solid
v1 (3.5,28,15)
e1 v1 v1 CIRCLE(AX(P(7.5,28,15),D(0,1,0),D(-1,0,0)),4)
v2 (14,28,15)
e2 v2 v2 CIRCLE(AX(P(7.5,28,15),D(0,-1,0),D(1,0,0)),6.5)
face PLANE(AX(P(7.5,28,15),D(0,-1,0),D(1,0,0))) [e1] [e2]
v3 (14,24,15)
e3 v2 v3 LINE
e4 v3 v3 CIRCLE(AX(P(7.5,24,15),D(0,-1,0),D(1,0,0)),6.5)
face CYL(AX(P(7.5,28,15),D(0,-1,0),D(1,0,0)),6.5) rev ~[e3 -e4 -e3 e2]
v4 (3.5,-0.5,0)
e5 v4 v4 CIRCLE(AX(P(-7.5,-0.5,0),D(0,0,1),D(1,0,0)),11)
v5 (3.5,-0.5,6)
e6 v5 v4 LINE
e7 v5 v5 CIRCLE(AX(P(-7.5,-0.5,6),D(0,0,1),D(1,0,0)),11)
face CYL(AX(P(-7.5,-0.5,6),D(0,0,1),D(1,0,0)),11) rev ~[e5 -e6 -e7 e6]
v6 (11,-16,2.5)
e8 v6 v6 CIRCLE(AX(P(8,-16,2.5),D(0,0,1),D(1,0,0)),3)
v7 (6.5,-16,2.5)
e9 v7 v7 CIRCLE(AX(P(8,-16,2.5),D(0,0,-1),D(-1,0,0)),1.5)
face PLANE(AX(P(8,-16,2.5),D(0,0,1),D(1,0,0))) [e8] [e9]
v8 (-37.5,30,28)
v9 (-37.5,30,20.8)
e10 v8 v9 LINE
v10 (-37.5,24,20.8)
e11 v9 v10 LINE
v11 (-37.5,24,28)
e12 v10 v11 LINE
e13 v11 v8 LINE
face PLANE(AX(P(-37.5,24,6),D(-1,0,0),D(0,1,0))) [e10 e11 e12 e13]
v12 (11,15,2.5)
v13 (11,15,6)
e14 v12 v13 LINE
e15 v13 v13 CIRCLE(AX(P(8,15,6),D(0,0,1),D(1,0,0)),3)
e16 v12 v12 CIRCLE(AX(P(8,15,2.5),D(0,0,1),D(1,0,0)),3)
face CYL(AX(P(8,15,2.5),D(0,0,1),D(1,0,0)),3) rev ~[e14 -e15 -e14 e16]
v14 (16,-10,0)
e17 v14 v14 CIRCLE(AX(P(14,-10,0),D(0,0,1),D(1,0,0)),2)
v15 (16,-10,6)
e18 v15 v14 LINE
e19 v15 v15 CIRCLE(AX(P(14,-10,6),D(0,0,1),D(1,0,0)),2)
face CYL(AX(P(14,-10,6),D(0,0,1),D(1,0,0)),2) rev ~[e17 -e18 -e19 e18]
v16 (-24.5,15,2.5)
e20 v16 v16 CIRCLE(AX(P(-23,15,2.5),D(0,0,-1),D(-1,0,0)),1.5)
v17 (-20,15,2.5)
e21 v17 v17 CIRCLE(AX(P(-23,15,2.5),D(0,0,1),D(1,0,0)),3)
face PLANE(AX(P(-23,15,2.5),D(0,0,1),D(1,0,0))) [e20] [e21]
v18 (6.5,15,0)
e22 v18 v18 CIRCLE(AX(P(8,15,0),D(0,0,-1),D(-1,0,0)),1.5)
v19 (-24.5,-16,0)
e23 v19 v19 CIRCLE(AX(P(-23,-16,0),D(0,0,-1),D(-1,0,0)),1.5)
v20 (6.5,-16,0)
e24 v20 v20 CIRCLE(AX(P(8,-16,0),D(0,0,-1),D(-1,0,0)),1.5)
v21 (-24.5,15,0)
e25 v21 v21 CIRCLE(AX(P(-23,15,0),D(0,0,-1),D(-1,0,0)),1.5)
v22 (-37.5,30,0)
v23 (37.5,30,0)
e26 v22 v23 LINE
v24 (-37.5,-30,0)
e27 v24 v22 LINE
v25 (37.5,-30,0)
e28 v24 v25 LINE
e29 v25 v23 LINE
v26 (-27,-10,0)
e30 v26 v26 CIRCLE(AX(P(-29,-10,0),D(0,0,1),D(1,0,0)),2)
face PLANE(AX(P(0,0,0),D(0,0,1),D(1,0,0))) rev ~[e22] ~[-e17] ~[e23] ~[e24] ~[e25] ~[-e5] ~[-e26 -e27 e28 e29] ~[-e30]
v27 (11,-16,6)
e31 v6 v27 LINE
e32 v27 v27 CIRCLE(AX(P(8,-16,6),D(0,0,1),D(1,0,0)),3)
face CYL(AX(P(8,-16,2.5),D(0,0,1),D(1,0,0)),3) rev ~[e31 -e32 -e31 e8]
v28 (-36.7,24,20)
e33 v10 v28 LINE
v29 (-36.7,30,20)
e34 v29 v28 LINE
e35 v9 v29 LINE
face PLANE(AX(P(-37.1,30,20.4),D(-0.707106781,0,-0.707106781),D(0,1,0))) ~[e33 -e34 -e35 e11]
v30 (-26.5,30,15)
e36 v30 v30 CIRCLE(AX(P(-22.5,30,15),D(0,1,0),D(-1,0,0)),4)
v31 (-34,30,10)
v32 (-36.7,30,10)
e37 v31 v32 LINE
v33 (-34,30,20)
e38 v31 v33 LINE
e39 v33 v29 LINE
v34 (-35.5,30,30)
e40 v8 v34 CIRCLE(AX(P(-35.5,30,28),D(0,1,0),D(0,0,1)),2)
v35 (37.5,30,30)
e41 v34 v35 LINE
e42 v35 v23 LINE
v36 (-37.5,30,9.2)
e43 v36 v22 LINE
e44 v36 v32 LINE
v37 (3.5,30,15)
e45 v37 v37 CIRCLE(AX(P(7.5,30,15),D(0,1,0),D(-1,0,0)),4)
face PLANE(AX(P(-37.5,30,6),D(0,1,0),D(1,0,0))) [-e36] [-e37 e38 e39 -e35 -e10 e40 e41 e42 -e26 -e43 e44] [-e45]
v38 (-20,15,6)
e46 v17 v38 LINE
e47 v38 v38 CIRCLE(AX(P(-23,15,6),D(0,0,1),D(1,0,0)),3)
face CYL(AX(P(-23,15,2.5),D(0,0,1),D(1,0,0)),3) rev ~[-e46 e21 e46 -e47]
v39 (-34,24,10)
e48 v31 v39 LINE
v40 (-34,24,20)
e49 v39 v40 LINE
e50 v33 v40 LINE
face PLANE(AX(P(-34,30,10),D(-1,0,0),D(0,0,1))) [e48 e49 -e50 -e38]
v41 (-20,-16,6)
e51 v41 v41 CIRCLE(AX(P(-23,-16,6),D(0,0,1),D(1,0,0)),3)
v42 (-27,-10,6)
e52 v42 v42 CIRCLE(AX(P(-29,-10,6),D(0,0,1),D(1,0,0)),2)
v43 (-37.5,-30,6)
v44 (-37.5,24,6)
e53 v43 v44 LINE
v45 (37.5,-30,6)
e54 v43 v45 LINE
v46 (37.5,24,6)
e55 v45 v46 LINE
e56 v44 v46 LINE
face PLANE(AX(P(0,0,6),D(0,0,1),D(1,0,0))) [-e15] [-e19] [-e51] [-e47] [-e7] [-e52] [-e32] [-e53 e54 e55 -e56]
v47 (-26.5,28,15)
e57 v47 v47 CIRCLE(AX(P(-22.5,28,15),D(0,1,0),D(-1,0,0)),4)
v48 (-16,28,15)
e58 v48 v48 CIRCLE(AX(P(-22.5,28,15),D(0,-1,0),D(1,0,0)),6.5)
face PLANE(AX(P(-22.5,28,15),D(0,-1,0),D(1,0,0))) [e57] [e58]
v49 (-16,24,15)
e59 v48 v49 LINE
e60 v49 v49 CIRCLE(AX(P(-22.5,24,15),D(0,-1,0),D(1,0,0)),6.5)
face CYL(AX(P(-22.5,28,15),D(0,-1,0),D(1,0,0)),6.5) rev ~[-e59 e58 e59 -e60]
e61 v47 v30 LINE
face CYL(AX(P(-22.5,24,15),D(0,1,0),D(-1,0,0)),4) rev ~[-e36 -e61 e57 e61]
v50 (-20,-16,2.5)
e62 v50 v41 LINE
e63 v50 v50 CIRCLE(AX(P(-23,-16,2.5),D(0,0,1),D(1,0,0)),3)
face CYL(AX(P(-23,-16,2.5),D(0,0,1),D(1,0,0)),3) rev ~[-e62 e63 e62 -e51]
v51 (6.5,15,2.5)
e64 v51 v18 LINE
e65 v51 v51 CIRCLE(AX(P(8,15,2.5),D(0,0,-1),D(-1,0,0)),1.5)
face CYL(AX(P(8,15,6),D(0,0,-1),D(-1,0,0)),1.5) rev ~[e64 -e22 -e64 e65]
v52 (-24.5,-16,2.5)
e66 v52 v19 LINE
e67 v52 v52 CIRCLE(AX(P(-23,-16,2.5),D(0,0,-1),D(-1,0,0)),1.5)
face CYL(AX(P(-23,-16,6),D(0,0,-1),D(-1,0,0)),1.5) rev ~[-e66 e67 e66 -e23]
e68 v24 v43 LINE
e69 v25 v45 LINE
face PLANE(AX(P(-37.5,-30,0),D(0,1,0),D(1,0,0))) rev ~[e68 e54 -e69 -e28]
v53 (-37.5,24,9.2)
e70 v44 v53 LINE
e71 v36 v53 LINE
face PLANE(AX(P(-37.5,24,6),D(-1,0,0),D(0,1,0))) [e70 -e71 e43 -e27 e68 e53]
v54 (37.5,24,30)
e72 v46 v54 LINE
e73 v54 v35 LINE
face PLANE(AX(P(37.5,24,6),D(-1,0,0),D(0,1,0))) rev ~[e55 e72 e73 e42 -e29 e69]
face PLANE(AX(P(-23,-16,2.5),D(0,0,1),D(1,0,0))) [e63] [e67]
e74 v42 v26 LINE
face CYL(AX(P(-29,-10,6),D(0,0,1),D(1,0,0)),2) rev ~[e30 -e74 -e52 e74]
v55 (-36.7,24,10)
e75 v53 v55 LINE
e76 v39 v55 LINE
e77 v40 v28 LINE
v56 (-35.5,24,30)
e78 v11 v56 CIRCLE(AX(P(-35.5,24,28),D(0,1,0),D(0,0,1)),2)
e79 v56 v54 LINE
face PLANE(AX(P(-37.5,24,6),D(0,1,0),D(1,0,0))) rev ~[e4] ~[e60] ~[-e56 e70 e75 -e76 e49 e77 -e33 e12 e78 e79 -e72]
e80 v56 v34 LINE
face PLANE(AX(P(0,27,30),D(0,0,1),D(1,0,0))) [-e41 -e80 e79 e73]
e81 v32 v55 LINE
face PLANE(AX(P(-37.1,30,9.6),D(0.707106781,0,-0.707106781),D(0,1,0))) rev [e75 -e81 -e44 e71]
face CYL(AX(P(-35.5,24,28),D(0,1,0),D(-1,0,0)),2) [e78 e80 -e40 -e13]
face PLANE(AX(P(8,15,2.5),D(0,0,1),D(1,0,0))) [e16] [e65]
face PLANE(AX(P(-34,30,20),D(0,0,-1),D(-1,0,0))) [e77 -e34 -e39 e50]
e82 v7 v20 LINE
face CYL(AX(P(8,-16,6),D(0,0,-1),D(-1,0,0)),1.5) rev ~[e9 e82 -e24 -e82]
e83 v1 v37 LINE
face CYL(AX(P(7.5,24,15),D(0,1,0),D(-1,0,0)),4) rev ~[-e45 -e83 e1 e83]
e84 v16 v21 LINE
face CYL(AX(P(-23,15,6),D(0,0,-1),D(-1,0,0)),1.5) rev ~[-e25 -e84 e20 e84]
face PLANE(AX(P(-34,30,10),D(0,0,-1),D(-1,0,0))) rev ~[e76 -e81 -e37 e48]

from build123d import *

# Parameters (mm, degrees)
F0_W           = 75
F0_H           = 60
F1_DEPTH       = 6
F2_W           = 75
F2_H           = 6
F3_DEPTH       = 24
F5_D           = 3
F5_CBORE_D     = 6
F5_CBORE_DEPTH = 3.5
F4_R           = 11
F6_DEPTH       = 6.001
F4_R_2         = 2
F7_DEPTH       = 6.001
F9_D           = 8
F9_CBORE_D     = 13
F9_CBORE_DEPTH = 4
F10_W          = 3.5
F10_H          = 10
F11_DEPTH      = 60.001
F12_SIZE       = 0.8
F13_R          = 2


with BuildPart() as f1:
    # F0 (on Top) → F1 (new body)
    with BuildSketch(Plane.XY):
        Rectangle(F0_W, F0_H)
    extrude(amount=F1_DEPTH)

    # F2 (on face) → F3 (join)
    with BuildSketch(Plane.XY.offset(6)):
        with Locations((0, 27)):
            Rectangle(F2_W, F2_H)
    extrude(amount=F3_DEPTH)

    # F5 (through all)
    with Locations(Plane.XY.offset(6)):
        with Locations((-23, 15), (8, 15), (8, -16), (-23, -16)):
            CounterBoreHole(F5_D / 2, F5_CBORE_D / 2, F5_CBORE_DEPTH)

    # F4 (on face) → F6 (cut, through all)
    with BuildSketch(Plane.XY.offset(6)):
        with Locations((-7.5, -0.5)):
            Circle(F4_R)
    extrude(amount=-F6_DEPTH, mode=Mode.SUBTRACT)

    # F4 (on face) → F7 (cut, through all)
    with BuildSketch(Plane.XY.offset(6)):
        with Locations((-29, -10)):
            Circle(F4_R_2)
        with Locations((14, -10)):
            Circle(F4_R_2)
    extrude(amount=-F7_DEPTH, mode=Mode.SUBTRACT)

    # F9 (through all)
    with Locations(Plane.XZ.offset(-24)):
        with Locations((-22.5, 15), (7.5, 15)):
            CounterBoreHole(F9_D / 2, F9_CBORE_D / 2, F9_CBORE_DEPTH)

    # F10 (on face) → F11 (cut, through all)
    with BuildSketch(Plane(origin=(0, 30, 0), x_dir=(-1, 0, 0), z_dir=(0, 1, 0))):
        with Locations((35.75, 15)):
            Rectangle(F10_W, F10_H)
    extrude(amount=-F11_DEPTH, mode=Mode.SUBTRACT)

    # F12
    f12_edges = [f1.edges().sort_by_distance(p)[0] for p in [
        (-37.5, 27, 20),
        (-37.5, 27, 10),
    ]]
    chamfer(f12_edges, length=F12_SIZE)

    # F13
    f13_edges = [f1.edges().sort_by_distance(p)[0] for p in [
        (-37.5, 27, 30),
    ]]
    fillet(f13_edges, radius=F13_R)


solid = f1.part
